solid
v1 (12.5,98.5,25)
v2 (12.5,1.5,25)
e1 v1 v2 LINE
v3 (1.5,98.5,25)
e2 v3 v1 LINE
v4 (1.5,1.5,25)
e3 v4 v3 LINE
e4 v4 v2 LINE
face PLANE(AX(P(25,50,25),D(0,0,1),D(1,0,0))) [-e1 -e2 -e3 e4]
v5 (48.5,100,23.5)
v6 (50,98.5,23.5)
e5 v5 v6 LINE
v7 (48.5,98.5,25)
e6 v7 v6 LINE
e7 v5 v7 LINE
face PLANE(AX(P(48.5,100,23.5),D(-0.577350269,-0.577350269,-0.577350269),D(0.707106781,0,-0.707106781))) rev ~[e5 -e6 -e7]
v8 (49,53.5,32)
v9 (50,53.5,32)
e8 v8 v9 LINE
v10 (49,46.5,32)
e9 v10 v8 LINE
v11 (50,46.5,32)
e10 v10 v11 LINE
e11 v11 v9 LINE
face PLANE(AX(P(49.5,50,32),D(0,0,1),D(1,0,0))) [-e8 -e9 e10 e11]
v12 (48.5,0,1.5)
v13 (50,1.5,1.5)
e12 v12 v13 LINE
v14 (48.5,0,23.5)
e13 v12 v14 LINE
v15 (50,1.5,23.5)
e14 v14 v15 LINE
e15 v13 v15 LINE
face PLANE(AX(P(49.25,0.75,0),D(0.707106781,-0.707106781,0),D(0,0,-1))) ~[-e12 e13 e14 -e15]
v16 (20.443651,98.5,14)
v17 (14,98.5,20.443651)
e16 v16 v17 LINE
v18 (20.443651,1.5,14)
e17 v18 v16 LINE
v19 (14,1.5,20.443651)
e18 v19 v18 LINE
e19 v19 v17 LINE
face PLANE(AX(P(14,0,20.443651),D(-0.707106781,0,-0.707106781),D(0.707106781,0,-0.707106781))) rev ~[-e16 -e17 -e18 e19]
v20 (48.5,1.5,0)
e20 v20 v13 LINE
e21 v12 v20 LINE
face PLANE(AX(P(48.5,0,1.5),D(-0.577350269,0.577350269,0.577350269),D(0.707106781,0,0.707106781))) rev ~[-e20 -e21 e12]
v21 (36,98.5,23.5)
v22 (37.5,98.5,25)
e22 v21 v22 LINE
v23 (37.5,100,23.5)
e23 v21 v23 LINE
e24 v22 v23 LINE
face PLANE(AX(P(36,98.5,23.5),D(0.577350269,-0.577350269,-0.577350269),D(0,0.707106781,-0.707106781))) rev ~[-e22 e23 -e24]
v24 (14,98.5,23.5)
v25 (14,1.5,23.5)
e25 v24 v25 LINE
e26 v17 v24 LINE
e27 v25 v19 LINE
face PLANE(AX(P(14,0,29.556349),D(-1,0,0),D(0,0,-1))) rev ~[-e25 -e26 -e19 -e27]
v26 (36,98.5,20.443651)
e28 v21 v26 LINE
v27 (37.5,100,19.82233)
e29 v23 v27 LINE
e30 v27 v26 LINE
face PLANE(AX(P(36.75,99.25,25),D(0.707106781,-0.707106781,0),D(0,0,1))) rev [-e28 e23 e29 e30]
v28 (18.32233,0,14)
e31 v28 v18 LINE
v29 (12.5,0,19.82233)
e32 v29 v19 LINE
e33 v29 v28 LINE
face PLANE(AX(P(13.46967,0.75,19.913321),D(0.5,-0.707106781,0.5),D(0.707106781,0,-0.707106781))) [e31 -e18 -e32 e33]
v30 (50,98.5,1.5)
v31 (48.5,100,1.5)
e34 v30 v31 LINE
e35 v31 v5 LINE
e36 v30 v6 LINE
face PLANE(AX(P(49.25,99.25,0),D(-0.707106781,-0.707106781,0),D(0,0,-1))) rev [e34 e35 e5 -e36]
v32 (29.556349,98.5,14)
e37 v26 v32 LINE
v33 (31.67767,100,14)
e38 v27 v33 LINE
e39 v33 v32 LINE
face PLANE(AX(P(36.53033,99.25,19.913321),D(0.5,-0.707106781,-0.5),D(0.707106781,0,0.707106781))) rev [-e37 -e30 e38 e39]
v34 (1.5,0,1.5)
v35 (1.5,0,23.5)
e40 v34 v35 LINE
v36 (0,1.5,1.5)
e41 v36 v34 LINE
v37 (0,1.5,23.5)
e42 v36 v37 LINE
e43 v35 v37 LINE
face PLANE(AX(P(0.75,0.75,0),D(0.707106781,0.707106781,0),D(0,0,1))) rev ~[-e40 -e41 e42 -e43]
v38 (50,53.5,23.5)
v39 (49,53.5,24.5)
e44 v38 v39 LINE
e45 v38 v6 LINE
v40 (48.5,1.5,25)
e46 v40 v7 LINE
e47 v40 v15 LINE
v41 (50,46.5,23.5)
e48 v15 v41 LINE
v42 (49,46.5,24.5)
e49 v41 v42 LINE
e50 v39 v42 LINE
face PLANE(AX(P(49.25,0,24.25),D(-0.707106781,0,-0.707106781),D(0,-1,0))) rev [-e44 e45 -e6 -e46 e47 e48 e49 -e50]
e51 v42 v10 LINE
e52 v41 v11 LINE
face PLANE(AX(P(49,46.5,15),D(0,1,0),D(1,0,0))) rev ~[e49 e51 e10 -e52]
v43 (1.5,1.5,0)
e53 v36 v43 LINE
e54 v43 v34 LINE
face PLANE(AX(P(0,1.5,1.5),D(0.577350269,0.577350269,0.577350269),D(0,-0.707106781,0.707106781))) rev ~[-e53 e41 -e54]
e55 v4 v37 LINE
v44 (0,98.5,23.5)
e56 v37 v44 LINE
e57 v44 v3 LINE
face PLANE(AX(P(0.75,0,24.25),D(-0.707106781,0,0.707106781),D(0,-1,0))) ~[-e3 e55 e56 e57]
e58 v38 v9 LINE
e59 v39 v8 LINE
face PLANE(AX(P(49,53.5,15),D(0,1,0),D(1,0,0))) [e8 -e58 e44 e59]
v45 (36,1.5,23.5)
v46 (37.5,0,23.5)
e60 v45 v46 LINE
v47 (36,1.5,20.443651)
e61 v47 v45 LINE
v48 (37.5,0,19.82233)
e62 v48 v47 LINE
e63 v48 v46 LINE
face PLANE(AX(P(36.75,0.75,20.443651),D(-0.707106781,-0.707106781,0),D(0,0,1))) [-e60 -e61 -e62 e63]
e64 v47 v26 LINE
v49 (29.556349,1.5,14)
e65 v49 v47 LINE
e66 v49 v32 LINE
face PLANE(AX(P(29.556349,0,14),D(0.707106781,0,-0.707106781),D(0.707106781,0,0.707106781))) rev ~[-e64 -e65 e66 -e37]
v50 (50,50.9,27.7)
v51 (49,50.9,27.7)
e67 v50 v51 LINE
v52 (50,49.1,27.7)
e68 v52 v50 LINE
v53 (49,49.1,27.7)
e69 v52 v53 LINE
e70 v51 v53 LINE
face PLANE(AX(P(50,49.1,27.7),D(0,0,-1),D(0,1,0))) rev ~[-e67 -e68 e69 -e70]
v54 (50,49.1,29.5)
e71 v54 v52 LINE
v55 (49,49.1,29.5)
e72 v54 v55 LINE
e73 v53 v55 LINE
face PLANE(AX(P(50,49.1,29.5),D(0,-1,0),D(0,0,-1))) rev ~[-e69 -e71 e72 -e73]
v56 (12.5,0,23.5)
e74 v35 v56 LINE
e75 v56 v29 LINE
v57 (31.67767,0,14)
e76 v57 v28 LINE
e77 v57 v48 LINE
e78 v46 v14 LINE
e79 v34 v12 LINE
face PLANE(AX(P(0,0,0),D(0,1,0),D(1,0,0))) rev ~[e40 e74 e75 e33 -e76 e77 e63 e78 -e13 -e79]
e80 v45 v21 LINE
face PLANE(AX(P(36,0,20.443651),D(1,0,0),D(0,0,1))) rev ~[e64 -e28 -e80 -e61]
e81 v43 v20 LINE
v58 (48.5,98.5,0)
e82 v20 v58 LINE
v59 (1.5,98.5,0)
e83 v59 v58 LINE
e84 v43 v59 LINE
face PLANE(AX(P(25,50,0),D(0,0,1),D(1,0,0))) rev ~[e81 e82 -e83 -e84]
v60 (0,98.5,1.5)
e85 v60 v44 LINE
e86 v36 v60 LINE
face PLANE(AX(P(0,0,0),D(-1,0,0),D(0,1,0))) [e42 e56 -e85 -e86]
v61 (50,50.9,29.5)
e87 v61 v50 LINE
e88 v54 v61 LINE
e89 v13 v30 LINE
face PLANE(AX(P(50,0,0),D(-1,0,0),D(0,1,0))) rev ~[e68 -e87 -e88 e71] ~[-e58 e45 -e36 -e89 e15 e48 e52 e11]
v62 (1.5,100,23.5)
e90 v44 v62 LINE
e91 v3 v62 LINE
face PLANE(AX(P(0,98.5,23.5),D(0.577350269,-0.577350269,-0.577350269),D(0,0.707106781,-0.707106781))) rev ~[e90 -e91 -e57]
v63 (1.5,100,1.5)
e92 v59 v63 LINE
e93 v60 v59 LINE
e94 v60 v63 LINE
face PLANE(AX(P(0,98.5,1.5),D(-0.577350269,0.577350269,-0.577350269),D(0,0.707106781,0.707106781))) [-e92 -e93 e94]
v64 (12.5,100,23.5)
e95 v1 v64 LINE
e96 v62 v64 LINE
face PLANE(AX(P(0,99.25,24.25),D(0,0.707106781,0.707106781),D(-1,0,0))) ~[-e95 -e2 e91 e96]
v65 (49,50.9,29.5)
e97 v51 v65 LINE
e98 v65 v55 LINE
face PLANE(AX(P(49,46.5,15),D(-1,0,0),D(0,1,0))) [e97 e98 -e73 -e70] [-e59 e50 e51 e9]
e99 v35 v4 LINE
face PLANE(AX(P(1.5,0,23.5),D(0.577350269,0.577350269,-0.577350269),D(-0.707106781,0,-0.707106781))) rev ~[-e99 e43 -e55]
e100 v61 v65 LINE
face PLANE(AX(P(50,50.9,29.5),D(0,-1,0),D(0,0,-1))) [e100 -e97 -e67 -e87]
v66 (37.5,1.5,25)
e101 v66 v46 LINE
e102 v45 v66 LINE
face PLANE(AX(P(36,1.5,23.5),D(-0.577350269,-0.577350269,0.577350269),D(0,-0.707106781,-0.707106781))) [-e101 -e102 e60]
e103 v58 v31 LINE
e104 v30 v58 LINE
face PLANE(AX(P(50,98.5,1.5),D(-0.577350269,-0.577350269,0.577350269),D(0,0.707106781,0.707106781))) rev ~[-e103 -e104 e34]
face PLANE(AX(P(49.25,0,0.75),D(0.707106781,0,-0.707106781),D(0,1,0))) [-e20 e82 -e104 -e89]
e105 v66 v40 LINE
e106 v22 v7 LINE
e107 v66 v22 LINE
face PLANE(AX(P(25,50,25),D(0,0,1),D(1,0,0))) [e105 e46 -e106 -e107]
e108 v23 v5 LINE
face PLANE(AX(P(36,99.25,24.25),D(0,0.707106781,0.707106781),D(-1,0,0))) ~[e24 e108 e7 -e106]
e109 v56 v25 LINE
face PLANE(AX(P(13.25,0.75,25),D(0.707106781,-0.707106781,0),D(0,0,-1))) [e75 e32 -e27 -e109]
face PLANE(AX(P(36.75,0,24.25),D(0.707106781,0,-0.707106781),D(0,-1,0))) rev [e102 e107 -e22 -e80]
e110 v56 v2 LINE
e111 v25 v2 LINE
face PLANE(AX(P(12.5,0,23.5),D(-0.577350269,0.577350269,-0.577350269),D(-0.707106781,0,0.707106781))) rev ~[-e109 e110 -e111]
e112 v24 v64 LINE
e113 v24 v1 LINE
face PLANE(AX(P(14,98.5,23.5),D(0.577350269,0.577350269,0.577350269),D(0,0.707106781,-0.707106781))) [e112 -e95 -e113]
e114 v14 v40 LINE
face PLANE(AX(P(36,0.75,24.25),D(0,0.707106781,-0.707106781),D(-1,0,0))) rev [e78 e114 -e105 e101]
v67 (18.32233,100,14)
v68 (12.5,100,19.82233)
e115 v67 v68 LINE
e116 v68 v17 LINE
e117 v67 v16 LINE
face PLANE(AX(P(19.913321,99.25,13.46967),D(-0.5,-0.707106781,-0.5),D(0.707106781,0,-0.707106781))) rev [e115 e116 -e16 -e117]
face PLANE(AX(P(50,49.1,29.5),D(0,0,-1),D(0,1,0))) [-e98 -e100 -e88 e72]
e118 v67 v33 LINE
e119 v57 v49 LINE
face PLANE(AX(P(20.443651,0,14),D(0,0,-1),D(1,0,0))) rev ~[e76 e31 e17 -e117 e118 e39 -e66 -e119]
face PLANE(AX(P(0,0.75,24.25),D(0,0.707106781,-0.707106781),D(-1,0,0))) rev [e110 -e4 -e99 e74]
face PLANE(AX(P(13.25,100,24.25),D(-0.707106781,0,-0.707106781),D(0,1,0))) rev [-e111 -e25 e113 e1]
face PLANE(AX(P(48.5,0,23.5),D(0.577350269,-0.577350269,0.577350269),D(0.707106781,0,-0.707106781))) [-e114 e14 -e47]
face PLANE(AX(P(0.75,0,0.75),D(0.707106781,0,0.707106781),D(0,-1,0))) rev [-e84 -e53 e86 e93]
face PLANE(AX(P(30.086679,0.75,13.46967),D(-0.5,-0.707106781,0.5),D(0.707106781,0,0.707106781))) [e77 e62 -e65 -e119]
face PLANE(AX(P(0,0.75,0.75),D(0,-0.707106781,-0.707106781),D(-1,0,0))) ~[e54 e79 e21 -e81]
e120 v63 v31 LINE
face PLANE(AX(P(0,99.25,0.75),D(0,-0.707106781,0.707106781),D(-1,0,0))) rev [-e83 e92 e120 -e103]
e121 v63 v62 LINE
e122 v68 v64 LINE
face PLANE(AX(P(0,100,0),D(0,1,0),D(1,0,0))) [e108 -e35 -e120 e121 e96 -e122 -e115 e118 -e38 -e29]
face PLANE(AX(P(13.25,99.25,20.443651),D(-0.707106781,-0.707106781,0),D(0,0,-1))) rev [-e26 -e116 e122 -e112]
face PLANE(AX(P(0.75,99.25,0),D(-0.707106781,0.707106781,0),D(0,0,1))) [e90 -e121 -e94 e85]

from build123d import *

# Parameters (mm, degrees)
SKETCH1_W                = 50
SKETCH1_H                = 100
BOSS_EXTRUDE1_DEPTH      = 25
CUT_EXTRUDE1_DEPTH       = 115.564392374
CHAMFER1_SIZE            = 1.5
BOSS_EXTRUDE2_DEPTH      = 7
BOSS_EXTRUDE2_DEPTH_BACK = 10
SKETCH3_W                = 1
SKETCH3_H                = 7
SKETCH4_W                = 1.8
SKETCH4_H                = 1.8
CUT_EXTRUDE2_DEPTH       = 7


with BuildPart() as part:
    # Sketch1 → Boss-Extrude1 (new body)
    with BuildSketch(Plane.XY):
        with Locations((25, 50)):
            Rectangle(SKETCH1_W, SKETCH1_H)
    extrude(amount=BOSS_EXTRUDE1_DEPTH)

    # Sketch2 → Cut-Extrude1 (cut, through all)
    with BuildSketch(Plane.XZ):
        Polygon((29.556349186, 36), (20.443650814, 36), (14, 29.556349186), (14, 20.443650814), (20.443650814, 14), (29.556349186, 14), (36, 20.443650814), (36, 29.556349186), align=None)
    extrude(amount=-CUT_EXTRUDE1_DEPTH, mode=Mode.SUBTRACT)

    # Chamfer1
    chamfer1_edges = [part.edges().sort_by_distance(p)[0] for p in [
        (50, 50, 25),
        (43, 100, 25),
        (43, 0, 25),
        (7, 100, 25),
        (14, 50, 25),
        (36, 50, 25),
        (36, 100, 22.721825407),
        (14, 100, 22.721825407),
        (36, 0, 22.721825407),
        (14, 0, 22.721825407),
        (17.221825407, 0, 17.221825407),
        (32.778174593, 0, 17.221825407),
        (32.778174593, 100, 17.221825407),
        (17.221825407, 100, 17.221825407),
        (0, 50, 25),
        (25, 100, 0),
        (50, 50, 0),
        (25, 0, 0),
        (0, 50, 0),
        (7, 0, 25),
        (0, 100, 12.5),
        (50, 100, 12.5),
        (50, 0, 12.5),
        (0, 0, 12.5),
    ]]
    chamfer(chamfer1_edges, length=CHAMFER1_SIZE)

    # Sketch3 → Boss-Extrude2 (add, two sides: drawn at the far end of the back side and taken through both)
    with BuildSketch(Plane.XY.offset(25).offset(-BOSS_EXTRUDE2_DEPTH_BACK)):
        with Locations((49.5, 50)):
            Rectangle(SKETCH3_W, SKETCH3_H)
    extrude(amount=BOSS_EXTRUDE2_DEPTH + BOSS_EXTRUDE2_DEPTH_BACK)

    # Sketch4 → Cut-Extrude2 (cut)
    with BuildSketch(Plane(origin=(50, 0, 0), x_dir=(0, 0, -1), z_dir=(1, 0, 0))):
        with Locations((-28.6, 50)):
            Rectangle(SKETCH4_W, SKETCH4_H)
    extrude(amount=-CUT_EXTRUDE2_DEPTH, mode=Mode.SUBTRACT)


solid = part.part
